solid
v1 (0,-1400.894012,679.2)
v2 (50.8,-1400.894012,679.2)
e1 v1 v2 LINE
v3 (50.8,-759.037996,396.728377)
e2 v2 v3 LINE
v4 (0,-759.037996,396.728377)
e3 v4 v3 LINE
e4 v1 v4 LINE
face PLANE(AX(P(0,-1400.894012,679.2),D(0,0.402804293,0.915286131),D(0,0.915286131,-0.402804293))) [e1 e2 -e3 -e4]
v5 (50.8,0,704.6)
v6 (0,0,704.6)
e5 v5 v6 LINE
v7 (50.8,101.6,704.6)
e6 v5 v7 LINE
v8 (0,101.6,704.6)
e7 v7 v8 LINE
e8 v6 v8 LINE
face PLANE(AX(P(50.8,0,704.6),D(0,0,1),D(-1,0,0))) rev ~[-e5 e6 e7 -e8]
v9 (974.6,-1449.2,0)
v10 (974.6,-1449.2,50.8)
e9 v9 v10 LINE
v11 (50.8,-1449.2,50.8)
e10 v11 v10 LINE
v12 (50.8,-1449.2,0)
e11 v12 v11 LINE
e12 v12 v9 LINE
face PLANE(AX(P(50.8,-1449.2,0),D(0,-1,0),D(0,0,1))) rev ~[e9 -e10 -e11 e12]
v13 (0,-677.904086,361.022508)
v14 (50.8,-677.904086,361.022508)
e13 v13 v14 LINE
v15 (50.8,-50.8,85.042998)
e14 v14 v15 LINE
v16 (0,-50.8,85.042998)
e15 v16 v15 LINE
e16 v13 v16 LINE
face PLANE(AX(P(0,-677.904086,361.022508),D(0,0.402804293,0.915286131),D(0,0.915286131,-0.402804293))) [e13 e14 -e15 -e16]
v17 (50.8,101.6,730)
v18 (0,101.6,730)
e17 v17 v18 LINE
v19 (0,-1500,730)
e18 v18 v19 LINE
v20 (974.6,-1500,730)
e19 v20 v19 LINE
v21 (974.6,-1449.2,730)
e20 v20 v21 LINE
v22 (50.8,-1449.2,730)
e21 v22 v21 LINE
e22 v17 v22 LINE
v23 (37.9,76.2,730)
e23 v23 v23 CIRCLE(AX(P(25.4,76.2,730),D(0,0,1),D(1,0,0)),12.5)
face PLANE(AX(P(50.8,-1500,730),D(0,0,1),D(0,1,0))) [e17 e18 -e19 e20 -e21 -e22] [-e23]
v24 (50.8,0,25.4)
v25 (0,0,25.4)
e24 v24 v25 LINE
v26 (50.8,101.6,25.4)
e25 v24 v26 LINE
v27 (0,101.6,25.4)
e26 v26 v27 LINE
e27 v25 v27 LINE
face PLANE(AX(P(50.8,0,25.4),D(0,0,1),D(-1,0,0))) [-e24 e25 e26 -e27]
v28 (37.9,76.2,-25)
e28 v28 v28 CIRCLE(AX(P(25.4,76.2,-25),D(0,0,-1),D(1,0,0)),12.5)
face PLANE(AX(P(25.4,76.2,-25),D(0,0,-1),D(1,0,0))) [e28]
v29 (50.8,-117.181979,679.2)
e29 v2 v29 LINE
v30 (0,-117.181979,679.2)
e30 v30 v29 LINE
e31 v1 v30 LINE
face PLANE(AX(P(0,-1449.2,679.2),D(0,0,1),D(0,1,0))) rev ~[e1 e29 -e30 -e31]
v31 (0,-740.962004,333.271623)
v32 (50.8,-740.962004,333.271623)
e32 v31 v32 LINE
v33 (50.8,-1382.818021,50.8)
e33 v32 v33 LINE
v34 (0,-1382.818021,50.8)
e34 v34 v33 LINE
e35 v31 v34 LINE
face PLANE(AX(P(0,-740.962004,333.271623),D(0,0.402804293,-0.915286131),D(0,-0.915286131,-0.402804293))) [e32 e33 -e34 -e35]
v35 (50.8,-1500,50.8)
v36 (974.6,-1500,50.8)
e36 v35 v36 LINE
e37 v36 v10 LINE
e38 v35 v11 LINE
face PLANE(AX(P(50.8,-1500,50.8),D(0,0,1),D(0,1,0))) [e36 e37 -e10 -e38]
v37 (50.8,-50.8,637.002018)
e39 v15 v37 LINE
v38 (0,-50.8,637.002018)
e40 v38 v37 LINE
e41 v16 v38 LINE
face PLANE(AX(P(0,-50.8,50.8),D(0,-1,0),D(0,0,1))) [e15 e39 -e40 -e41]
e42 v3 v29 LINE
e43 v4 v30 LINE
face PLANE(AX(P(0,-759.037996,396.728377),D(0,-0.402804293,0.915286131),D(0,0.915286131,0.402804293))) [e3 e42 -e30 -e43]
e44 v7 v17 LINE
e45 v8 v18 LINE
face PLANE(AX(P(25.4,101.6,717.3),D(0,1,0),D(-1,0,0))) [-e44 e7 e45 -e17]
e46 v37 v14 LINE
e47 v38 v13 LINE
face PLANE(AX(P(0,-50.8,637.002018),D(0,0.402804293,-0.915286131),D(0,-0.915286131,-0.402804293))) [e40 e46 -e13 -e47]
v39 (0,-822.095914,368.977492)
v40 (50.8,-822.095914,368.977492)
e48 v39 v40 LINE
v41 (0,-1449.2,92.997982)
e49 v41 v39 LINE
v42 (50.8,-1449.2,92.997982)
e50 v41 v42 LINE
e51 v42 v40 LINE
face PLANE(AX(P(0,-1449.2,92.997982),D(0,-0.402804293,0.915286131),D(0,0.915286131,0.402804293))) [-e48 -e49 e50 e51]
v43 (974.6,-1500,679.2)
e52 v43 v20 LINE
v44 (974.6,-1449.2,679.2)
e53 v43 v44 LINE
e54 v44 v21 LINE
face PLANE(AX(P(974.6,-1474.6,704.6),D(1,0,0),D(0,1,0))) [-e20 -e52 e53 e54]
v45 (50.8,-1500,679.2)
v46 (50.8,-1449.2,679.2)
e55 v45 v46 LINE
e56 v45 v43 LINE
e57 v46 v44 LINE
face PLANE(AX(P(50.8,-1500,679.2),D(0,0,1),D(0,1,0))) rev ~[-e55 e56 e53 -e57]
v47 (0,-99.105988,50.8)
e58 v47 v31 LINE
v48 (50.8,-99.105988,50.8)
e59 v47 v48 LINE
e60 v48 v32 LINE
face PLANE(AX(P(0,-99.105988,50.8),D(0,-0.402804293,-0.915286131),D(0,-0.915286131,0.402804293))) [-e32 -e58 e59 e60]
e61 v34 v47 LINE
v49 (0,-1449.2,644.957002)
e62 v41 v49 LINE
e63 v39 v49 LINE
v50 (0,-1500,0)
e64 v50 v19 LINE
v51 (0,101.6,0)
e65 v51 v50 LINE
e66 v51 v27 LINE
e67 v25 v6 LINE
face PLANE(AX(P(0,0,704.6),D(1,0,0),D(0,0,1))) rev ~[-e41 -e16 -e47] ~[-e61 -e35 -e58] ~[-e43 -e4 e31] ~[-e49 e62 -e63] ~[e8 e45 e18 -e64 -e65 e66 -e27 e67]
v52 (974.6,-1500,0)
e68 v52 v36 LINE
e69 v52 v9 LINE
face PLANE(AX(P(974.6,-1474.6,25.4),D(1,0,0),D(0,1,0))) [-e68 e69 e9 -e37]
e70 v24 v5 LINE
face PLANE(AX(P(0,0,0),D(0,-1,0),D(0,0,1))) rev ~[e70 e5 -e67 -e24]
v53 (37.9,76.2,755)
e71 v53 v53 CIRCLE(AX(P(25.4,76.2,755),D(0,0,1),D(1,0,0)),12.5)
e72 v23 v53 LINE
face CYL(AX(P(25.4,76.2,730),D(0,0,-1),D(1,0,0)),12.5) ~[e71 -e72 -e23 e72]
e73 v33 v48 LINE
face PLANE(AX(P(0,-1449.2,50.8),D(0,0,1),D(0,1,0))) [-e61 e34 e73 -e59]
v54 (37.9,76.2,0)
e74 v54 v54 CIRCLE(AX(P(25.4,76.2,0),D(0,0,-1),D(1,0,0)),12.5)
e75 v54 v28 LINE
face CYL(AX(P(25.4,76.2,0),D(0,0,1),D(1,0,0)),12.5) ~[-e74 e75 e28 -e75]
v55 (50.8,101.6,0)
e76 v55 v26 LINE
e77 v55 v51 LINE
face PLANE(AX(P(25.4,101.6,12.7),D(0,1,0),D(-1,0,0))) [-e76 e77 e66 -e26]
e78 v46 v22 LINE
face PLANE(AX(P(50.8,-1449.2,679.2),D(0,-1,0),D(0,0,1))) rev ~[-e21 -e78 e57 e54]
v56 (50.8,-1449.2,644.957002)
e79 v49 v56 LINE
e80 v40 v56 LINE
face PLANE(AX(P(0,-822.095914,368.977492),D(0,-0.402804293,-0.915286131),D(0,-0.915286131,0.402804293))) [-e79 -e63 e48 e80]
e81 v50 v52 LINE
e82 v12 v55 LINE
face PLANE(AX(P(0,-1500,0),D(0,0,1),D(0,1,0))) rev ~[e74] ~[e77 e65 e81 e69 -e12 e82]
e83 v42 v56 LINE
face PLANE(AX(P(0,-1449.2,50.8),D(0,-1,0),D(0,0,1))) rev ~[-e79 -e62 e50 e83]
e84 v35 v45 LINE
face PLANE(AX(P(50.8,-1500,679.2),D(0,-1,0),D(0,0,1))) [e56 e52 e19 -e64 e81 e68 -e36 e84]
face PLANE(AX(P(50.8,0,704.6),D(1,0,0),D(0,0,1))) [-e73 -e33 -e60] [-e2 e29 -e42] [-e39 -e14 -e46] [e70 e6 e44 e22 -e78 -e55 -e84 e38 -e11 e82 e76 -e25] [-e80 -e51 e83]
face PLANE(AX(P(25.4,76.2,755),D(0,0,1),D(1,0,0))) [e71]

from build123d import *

# Parameters (mm, degrees)
F0_W      = 1500
F0_H      = 730
F0_W_2    = 1398.4
F0_H_2    = 628.4
F1_DEPTH  = 50.8
F3_DEPTH  = 50.8
F4_W      = 50.8
F4_H      = 25.4
F5_DEPTH  = 101.6
F6_R      = 12.5
F7_DEPTH  = 25
F8_R      = 12.5
F9_DEPTH  = 25
F10_W     = 50.8
F10_H     = 50.8
F11_DEPTH = 923.8


with BuildPart() as f1:
    # F0 (on Right) → F1 (new body)
    with BuildSketch(Plane.YZ):
        with Locations((-750, 365)):
            Rectangle(F0_W, F0_H)
        with Locations((-750, 365)):
            Rectangle(F0_W_2, F0_H_2, mode=Mode.SUBTRACT)
    extrude(amount=F1_DEPTH)

    # F2 (on face) → F3 (join, through all)
    with BuildSketch(Plane(origin=(0, 0, 0), x_dir=(0, -1, 0), z_dir=(-1, 0, 0))):
        Polygon((759.037996, 396.728377), (117.181979, 679.2), (50.8, 679.2), (50.8, 637.002018), (677.904086, 361.022508), (50.8, 85.042998), (50.8, 50.8), (99.105988, 50.8), (740.962004, 333.271623), (1382.818021, 50.8), (1449.2, 50.8), (1449.2, 92.997982), (822.095914, 368.977492), (1449.2, 644.957002), (1449.2, 679.2), (1400.894012, 679.2), align=None)
    extrude(amount=-F3_DEPTH)

    # F4 (on face) → F5 (join)
    with BuildSketch(Plane(origin=(0, 0, 0), x_dir=(-1, 0, 0), z_dir=(0, 1, 0))):
        with Locations((-25.4, 717.3)):
            Rectangle(F4_W, F4_H)
        with Locations((-25.4, 12.7)):
            Rectangle(F4_W, F4_H)
    extrude(amount=F5_DEPTH)

    # F6 (on face) → F7 (join)
    with BuildSketch(Plane.XY.offset(730)):
        with Locations((25.4, 76.2)):
            Circle(F6_R)
    extrude(amount=F7_DEPTH)

    # F8 (on face) → F9 (join)
    with BuildSketch(Plane(origin=(0, 0, 0), x_dir=(1, 0, 0), z_dir=(0, 0, -1))):
        with Locations((25.4, -76.2)):
            Circle(F8_R)
    extrude(amount=F9_DEPTH)

    # F10 (on face) → F11 (join)
    with BuildSketch(Plane.YZ.offset(50.8)):
        with Locations((-1474.6, 704.6)):
            Rectangle(F10_W, F10_H)
        with Locations((-1474.6, 25.4)):
            Rectangle(F10_W, F10_H)
    extrude(amount=F11_DEPTH)


solid = f1.part
